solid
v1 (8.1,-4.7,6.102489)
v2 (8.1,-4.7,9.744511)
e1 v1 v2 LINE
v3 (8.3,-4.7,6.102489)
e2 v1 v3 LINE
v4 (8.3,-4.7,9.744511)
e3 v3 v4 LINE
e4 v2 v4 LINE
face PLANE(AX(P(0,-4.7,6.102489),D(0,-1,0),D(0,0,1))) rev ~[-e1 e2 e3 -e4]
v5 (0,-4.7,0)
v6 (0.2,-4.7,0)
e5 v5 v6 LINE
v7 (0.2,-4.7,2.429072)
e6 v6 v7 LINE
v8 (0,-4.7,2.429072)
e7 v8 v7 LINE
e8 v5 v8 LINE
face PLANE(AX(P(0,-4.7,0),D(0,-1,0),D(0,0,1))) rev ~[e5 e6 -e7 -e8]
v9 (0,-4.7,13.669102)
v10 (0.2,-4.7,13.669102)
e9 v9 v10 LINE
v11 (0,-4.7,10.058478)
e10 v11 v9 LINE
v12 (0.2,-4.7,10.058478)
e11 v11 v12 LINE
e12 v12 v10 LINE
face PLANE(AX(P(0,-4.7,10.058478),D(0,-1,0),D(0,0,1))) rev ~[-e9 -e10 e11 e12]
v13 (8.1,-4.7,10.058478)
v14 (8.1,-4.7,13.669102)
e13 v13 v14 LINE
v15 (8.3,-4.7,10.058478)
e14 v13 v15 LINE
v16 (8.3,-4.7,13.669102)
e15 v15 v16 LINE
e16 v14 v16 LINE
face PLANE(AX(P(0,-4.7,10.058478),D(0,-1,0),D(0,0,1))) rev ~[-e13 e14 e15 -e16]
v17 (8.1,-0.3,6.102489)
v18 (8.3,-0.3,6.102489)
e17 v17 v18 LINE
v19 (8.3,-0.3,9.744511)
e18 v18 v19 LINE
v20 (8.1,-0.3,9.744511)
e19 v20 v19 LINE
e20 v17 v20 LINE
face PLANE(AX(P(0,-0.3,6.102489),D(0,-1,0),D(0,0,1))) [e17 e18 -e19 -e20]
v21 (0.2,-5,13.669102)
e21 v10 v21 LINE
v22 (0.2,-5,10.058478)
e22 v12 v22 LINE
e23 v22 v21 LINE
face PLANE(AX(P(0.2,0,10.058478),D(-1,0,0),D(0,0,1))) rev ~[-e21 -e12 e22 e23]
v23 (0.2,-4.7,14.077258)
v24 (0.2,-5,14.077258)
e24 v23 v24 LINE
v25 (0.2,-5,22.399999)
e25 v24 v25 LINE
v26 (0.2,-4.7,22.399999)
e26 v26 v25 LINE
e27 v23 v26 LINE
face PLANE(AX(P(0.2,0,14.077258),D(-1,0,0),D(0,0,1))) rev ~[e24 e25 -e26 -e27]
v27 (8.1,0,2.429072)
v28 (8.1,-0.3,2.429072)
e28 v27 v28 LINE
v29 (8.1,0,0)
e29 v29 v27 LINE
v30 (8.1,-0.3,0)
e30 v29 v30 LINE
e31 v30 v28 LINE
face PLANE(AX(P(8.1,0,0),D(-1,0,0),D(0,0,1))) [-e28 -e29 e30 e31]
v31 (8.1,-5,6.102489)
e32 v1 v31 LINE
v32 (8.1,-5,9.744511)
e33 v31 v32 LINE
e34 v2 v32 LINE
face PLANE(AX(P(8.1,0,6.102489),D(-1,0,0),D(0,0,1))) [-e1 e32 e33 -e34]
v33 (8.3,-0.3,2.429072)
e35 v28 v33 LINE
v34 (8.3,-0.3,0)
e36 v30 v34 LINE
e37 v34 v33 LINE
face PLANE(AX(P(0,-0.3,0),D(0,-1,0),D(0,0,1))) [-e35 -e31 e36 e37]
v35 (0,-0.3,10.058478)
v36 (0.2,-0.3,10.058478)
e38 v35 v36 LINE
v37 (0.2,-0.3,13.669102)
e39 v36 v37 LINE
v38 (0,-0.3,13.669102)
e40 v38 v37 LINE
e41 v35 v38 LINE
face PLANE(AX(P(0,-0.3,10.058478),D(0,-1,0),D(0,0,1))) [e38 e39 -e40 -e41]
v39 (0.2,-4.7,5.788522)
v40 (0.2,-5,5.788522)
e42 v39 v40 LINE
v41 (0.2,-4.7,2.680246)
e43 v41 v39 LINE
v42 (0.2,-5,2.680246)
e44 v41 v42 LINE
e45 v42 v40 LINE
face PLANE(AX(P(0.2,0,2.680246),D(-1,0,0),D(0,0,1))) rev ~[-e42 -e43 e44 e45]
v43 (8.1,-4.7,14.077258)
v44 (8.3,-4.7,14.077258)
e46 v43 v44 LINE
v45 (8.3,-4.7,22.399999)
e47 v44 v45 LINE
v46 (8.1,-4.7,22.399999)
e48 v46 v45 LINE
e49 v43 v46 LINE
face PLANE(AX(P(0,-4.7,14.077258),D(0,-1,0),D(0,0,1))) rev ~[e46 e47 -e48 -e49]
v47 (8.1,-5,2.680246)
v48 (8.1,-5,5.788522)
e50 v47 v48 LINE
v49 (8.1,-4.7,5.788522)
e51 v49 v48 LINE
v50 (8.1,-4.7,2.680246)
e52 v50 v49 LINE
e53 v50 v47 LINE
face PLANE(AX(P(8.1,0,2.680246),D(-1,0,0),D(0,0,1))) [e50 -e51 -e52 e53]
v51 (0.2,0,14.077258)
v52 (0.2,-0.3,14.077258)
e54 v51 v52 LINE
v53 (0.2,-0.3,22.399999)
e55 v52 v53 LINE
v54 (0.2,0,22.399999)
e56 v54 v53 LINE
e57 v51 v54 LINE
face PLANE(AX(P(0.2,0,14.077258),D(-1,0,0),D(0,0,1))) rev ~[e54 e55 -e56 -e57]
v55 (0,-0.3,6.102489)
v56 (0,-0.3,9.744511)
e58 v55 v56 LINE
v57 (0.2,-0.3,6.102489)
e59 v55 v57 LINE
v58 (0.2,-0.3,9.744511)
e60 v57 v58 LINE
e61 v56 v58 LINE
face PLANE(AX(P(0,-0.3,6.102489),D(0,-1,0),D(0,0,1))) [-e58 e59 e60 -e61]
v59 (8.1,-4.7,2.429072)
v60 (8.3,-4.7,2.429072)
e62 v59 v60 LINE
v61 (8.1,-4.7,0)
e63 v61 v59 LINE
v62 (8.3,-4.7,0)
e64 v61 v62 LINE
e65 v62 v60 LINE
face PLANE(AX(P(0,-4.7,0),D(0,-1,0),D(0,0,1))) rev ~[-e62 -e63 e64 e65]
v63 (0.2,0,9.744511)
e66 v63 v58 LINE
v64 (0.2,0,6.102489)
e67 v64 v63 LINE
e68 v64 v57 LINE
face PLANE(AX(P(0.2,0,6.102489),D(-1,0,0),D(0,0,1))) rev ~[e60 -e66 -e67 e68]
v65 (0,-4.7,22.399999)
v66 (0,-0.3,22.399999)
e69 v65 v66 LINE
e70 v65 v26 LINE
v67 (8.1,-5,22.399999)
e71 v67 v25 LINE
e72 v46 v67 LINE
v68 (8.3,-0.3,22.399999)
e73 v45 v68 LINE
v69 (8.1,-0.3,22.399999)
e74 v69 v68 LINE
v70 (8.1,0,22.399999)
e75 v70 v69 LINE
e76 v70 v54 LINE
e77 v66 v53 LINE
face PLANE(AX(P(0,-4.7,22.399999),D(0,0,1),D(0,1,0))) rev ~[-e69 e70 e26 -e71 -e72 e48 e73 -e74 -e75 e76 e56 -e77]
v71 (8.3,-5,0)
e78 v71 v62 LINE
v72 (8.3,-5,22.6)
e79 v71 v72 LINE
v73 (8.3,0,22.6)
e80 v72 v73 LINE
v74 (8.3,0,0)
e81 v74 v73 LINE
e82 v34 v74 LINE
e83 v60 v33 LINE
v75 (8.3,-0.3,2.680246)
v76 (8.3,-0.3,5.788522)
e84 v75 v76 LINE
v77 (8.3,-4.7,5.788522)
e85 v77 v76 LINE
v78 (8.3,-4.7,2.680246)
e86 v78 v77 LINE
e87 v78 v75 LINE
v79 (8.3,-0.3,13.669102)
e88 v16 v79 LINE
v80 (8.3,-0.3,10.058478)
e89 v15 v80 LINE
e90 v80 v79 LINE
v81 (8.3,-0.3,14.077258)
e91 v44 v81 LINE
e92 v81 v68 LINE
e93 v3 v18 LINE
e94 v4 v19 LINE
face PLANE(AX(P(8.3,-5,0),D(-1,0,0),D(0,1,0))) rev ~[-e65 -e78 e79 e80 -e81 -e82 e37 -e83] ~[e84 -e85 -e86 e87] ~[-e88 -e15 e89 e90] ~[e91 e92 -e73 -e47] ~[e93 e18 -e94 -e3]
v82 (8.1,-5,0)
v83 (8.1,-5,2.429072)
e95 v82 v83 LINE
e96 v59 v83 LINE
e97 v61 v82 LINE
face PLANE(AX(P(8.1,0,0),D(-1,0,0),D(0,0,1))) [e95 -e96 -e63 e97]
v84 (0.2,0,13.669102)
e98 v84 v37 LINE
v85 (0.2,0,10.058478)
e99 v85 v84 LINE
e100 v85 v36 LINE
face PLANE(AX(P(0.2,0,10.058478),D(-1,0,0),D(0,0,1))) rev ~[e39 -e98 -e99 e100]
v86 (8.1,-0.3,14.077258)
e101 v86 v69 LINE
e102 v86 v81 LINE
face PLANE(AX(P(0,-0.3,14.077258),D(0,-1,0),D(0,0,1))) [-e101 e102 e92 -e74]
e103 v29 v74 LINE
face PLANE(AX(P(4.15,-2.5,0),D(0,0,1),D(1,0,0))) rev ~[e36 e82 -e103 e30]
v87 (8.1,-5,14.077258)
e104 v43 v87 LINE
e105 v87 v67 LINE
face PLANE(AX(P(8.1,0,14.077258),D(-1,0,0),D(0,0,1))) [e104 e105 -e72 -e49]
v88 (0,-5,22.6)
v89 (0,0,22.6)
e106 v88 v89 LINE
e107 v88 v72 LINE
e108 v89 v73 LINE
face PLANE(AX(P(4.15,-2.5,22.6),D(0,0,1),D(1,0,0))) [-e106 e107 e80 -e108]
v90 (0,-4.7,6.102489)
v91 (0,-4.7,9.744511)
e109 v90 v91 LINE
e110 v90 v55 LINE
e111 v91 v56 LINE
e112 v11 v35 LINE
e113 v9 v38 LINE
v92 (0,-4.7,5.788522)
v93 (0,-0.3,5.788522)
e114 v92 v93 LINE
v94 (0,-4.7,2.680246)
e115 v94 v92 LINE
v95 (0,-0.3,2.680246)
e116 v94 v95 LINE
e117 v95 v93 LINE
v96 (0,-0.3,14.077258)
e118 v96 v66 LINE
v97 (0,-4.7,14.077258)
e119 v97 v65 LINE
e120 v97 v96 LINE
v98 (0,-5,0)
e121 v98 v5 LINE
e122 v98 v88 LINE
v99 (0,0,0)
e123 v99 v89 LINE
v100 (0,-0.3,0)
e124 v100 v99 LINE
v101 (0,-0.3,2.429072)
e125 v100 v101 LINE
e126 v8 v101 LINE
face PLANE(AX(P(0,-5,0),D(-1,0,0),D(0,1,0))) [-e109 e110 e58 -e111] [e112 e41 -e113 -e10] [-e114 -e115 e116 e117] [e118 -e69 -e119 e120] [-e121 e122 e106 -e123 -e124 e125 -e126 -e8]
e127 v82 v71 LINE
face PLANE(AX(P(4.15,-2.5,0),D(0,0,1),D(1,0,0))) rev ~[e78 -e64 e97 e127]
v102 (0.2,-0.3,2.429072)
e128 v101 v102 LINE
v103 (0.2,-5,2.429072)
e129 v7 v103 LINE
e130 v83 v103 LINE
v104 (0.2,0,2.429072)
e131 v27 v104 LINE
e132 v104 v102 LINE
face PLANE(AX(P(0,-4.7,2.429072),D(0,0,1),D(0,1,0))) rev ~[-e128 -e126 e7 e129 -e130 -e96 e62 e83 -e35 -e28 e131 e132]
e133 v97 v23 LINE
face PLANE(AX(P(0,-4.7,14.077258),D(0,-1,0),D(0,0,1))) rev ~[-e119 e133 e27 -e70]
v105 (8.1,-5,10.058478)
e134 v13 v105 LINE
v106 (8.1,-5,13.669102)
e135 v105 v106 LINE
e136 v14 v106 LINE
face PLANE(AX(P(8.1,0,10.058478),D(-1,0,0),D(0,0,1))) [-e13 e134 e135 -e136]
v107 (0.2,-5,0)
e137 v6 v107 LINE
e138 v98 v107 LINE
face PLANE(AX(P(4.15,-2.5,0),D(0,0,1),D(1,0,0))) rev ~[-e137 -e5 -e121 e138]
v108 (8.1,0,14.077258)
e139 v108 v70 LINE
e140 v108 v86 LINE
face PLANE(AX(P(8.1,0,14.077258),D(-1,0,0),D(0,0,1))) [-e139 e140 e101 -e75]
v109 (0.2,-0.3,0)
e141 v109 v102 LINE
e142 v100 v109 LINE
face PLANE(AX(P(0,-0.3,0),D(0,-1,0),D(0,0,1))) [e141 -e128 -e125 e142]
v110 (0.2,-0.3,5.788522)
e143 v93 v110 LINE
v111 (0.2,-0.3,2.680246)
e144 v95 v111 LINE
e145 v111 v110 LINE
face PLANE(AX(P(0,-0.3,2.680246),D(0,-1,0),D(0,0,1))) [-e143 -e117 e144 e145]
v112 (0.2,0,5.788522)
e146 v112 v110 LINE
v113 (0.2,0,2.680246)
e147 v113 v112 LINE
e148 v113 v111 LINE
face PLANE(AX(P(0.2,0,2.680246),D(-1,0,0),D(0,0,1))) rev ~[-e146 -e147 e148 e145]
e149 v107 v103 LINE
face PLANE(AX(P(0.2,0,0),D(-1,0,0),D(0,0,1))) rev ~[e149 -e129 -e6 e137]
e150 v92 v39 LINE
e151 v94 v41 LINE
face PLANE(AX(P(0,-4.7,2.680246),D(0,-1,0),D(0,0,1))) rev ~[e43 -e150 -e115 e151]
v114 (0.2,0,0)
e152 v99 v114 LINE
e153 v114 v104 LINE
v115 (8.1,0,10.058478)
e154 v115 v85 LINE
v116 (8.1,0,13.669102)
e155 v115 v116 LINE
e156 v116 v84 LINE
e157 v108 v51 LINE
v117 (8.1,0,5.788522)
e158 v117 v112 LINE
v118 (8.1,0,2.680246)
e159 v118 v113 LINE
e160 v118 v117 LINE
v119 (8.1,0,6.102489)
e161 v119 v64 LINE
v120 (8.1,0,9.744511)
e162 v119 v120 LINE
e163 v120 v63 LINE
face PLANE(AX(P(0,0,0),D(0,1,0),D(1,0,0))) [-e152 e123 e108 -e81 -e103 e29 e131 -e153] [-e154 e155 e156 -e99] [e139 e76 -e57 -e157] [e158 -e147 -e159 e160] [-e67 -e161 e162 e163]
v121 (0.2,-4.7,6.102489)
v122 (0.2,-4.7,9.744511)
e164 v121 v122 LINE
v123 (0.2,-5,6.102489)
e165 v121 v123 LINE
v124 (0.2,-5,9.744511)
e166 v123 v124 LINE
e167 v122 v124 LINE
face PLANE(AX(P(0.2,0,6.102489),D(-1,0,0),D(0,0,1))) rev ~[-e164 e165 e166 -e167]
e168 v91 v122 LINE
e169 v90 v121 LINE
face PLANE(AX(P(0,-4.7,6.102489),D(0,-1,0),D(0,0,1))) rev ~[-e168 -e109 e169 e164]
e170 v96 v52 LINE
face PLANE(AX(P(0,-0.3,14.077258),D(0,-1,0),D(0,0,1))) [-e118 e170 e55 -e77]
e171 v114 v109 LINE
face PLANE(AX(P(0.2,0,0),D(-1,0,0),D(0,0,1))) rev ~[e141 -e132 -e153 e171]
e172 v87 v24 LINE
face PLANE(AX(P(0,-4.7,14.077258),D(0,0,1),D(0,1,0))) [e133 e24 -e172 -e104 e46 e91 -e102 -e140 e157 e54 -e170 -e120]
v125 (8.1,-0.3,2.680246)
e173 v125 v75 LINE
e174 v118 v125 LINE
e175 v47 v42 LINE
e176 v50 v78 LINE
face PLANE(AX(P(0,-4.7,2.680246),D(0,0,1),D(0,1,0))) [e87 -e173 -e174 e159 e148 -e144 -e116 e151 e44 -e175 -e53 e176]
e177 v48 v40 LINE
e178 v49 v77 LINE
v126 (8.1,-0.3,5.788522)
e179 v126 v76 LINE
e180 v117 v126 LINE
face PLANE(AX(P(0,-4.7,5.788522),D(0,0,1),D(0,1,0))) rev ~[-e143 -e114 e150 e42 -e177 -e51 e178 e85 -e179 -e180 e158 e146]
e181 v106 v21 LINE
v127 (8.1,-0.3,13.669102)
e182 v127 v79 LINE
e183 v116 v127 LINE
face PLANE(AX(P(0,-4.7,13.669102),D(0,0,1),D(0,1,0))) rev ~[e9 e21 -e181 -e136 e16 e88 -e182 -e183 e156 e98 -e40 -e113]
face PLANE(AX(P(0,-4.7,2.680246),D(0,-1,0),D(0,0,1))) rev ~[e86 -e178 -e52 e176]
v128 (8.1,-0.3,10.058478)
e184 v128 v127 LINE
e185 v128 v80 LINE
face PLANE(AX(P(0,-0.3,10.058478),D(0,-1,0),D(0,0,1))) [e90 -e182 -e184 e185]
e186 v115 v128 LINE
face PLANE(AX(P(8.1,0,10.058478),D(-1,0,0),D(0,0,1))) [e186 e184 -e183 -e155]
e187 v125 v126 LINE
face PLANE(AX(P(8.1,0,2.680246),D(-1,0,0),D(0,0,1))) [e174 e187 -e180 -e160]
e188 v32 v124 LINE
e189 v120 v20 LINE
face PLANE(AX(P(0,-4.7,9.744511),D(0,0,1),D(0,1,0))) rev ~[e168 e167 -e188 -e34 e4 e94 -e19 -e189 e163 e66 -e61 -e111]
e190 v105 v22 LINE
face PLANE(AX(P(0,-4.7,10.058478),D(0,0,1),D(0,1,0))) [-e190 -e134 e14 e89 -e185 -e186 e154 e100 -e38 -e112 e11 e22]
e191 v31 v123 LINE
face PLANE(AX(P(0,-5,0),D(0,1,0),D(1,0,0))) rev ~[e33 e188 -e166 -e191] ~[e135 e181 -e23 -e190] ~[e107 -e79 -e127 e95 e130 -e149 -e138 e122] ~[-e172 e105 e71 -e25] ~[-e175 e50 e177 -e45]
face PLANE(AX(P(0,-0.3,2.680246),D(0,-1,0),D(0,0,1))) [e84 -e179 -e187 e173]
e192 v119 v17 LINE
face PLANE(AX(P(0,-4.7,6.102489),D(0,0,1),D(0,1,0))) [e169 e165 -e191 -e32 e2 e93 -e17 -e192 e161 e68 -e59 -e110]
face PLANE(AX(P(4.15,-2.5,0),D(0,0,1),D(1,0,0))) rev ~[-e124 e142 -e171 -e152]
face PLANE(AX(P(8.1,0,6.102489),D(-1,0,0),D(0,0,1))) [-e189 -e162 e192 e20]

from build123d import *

# Parameters (mm, degrees)
F0_W     = 8.3
F0_H     = 5
F1_DEPTH = 22.6
F2_W     = 7.9
F2_H     = 8.322741
F2_H_2   = 3.610624
F2_H_3   = 3.642021
F2_H_4   = 3.108276
F2_H_5   = 2.429072
F3_DEPTH = 25
F4_W     = 4.4
F4_H     = 8.322741
F4_H_2   = 3.610624
F4_H_3   = 3.642021
F4_H_4   = 3.108276
F4_H_5   = 2.429072
F5_DEPTH = 25


with BuildPart() as f1:
    # F0 (on Top) → F1 (new body)
    with BuildSketch(Plane.XY):
        with Locations((4.15, -2.5)):
            Rectangle(F0_W, F0_H)
    extrude(amount=F1_DEPTH)

    # F2 (on face) → F3 (cut)
    with BuildSketch(Plane(origin=(0, 0, 0), x_dir=(-1, 0, 0), z_dir=(0, 1, 0))):
        with Locations((-4.15, 18.238629)):
            Rectangle(F2_W, F2_H)
        with Locations((-4.15, 11.86379)):
            Rectangle(F2_W, F2_H_2)
        with Locations((-4.15, 7.9235)):
            Rectangle(F2_W, F2_H_3)
        with Locations((-4.15, 4.234384)):
            Rectangle(F2_W, F2_H_4)
        with Locations((-4.15, 1.214536)):
            Rectangle(F2_W, F2_H_5)
    extrude(amount=-F3_DEPTH, mode=Mode.SUBTRACT)

    # F4 (on Right) → F5 (cut)
    with BuildSketch(Plane.YZ):
        with Locations((-2.5, 18.238629)):
            Rectangle(F4_W, F4_H)
        with Locations((-2.5, 11.86379)):
            Rectangle(F4_W, F4_H_2)
        with Locations((-2.5, 7.9235)):
            Rectangle(F4_W, F4_H_3)
        with Locations((-2.5, 4.234384)):
            Rectangle(F4_W, F4_H_4)
        with Locations((-2.5, 1.214536)):
            Rectangle(F4_W, F4_H_5)
    extrude(amount=F5_DEPTH, mode=Mode.SUBTRACT)


solid = f1.part
